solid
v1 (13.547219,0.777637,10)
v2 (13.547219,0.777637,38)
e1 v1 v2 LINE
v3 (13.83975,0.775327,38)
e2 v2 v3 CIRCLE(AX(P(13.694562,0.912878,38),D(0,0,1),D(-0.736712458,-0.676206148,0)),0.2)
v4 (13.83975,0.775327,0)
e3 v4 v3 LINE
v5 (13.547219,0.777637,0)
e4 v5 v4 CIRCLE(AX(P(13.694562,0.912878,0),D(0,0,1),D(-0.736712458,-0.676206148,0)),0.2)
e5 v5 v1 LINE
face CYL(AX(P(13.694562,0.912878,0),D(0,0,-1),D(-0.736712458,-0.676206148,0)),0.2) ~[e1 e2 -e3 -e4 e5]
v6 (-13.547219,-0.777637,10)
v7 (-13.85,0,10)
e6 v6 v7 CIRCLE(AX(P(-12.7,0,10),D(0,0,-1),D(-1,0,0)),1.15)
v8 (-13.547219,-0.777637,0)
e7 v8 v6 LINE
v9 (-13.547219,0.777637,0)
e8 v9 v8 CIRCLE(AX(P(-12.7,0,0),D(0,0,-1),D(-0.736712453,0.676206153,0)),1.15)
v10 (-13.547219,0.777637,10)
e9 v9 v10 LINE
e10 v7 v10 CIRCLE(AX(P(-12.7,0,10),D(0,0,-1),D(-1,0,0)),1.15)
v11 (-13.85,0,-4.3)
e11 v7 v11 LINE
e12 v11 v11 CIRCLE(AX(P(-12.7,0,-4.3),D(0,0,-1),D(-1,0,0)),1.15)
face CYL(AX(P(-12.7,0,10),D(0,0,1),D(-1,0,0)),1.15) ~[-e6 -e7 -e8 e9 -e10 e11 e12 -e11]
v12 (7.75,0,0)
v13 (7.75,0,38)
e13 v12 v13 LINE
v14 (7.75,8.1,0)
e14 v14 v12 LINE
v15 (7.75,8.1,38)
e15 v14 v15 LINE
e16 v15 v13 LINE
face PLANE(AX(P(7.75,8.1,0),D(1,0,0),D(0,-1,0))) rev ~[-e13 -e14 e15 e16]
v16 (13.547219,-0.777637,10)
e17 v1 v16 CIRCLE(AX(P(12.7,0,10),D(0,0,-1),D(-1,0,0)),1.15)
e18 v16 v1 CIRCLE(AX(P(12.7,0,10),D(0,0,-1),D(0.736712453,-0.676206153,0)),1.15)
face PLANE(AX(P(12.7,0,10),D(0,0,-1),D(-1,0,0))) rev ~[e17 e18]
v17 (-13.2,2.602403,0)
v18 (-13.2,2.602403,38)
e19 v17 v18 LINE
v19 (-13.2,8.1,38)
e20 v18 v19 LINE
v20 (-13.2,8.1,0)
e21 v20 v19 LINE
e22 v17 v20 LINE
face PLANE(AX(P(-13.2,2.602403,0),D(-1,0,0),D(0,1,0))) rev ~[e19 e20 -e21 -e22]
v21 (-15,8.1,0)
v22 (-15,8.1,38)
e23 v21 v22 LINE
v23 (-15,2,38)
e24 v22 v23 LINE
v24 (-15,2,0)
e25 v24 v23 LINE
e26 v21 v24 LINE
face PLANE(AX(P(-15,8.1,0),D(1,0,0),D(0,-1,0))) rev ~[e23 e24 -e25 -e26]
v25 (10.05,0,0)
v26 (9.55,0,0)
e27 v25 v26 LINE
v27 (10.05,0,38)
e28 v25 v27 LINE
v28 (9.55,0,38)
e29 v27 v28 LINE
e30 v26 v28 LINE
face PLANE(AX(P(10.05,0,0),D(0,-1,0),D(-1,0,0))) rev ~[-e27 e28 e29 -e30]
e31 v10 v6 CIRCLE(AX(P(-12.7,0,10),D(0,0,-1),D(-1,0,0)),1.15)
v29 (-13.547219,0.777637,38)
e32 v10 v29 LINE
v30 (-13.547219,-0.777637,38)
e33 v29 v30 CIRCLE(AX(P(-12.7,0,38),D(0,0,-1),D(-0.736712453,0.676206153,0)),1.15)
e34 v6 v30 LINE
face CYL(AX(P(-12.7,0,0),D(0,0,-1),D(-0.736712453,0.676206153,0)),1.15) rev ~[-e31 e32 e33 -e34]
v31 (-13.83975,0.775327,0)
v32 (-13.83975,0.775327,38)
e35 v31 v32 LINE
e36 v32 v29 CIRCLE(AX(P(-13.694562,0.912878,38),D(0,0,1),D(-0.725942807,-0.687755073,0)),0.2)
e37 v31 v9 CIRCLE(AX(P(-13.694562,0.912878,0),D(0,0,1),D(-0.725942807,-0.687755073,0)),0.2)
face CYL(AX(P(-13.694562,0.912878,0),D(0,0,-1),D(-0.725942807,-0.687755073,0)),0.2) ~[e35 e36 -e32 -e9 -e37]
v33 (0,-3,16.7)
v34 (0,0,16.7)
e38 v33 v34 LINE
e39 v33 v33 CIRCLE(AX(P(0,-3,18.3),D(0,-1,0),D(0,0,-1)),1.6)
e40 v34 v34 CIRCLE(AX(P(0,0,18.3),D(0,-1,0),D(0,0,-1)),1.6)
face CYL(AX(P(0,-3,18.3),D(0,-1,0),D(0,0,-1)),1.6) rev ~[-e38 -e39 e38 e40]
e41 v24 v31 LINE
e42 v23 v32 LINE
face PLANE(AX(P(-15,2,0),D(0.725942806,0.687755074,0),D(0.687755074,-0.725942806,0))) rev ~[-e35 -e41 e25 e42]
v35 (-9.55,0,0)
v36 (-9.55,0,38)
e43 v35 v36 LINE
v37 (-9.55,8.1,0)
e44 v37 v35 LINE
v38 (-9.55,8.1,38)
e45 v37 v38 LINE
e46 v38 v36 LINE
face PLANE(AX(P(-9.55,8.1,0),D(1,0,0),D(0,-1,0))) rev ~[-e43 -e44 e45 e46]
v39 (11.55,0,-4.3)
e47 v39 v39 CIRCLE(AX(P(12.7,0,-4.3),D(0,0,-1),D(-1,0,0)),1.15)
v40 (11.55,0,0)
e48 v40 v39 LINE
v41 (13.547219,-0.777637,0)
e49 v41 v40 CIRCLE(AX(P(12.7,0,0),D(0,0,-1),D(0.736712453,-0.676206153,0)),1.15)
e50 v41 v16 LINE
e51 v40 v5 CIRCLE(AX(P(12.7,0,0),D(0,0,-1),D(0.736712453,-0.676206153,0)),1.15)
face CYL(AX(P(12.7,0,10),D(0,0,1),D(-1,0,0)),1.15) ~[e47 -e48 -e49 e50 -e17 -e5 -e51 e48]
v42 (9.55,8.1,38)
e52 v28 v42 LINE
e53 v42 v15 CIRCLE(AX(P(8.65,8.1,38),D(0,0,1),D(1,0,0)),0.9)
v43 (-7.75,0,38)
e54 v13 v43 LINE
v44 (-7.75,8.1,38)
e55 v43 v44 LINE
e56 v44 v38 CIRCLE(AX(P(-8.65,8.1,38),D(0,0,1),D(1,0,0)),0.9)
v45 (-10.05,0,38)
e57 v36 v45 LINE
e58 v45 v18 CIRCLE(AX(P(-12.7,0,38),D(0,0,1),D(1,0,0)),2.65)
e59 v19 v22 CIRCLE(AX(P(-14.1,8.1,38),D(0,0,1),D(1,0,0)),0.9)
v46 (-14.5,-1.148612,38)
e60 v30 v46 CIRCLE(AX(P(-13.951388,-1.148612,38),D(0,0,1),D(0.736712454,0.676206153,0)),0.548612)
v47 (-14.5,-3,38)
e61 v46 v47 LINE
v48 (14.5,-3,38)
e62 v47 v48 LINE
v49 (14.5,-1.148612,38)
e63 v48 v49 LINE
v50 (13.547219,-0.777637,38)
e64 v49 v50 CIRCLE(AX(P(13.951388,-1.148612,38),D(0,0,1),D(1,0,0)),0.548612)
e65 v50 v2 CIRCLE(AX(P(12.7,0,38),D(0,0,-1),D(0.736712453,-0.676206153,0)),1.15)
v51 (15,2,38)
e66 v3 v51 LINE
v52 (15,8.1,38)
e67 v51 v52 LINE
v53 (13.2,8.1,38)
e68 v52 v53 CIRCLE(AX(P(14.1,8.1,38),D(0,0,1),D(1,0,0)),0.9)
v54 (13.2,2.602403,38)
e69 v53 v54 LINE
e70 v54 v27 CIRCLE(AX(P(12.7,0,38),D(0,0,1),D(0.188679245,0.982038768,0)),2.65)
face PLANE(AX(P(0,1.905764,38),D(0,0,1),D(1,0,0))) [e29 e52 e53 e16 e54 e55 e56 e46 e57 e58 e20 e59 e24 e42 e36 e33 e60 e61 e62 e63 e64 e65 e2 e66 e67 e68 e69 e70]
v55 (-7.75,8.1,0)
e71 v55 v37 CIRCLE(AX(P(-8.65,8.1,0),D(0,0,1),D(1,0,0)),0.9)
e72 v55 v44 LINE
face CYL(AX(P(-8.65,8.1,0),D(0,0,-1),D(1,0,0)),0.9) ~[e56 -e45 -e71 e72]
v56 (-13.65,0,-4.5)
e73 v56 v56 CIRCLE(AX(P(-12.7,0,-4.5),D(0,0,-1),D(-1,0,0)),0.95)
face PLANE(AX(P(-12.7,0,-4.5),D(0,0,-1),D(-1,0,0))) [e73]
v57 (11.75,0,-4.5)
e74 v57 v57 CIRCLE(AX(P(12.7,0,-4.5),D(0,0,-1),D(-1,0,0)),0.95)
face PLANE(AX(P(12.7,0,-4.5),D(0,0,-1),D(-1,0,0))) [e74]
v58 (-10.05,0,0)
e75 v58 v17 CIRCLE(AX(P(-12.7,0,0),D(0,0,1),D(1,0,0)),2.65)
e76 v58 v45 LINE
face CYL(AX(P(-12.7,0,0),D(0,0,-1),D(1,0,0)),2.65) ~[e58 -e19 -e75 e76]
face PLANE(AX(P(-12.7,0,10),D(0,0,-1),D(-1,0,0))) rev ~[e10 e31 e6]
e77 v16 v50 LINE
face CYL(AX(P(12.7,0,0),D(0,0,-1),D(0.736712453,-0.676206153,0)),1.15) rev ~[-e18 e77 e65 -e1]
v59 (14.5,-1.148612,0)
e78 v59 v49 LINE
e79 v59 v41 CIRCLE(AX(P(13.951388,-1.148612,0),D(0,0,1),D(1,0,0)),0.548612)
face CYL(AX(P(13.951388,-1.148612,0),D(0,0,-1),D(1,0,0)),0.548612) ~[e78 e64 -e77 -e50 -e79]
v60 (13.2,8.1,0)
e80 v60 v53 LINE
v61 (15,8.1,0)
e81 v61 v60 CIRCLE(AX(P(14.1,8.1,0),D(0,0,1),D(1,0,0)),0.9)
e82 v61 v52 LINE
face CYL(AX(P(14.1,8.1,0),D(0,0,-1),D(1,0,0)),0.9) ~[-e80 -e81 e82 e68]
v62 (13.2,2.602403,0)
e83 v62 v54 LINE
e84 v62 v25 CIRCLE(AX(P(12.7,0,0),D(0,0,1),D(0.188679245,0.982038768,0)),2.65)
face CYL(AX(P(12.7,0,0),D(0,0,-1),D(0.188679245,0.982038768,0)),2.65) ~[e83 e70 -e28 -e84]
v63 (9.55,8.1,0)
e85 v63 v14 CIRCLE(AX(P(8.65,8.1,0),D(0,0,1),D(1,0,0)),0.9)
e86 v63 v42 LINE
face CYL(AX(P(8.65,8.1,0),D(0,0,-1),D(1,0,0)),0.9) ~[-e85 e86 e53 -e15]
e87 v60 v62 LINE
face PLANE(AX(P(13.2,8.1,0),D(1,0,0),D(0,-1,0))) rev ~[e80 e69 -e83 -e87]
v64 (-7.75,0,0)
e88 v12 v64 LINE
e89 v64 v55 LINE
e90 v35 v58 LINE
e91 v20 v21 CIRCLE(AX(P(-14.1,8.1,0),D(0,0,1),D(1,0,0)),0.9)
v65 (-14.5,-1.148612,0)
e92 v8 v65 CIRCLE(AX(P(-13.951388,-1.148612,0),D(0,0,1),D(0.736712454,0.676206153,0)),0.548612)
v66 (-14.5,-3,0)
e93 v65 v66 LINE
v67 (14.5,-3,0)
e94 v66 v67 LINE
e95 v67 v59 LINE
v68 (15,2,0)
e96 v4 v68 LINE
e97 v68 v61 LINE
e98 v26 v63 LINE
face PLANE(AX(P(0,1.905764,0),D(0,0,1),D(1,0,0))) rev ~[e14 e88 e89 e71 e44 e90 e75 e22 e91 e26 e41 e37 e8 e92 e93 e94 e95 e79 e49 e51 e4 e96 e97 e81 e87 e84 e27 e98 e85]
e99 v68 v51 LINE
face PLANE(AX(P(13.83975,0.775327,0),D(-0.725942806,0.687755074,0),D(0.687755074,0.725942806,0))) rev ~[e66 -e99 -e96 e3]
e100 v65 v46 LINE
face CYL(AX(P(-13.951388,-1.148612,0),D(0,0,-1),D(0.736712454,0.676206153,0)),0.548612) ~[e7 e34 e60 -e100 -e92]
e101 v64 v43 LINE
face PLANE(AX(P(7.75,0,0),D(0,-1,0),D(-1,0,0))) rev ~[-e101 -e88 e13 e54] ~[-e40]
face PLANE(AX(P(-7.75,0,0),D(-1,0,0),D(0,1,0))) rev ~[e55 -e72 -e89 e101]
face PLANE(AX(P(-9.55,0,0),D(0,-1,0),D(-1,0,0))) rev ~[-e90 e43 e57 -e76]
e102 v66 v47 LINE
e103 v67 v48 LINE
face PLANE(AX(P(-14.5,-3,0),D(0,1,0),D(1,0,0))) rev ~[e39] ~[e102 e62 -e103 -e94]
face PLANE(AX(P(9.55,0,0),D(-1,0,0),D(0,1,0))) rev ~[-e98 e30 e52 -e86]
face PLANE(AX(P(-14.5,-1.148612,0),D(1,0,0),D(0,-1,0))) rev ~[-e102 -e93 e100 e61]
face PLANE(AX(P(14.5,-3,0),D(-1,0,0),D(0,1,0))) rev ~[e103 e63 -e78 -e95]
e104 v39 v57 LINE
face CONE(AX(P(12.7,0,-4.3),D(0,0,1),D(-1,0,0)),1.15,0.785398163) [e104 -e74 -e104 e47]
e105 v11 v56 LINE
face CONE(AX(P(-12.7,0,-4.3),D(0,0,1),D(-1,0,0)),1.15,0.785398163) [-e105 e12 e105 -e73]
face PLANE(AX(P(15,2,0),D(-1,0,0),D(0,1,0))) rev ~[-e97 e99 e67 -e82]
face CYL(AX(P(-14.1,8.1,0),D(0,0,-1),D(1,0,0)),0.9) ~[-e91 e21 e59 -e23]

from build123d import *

# Parameters (mm, degrees)
EXTRUDE_1_DEPTH      = 38
CUT_EXTRUDE_1_REACH  = 44.579
SKETCH_2_R           = 1.6
EXTRUDE_2_DEPTH      = 4.5
EXTRUDE_2_DEPTH_BACK = 10
SKETCH_3_R           = 1.15
CHAMFER_1_SIZE       = 0.2


with BuildPart() as part:
    # Эскиз1 → Бобышка-Вытянуть1 (new body)
    with BuildSketch(Plane.XY):
        with BuildLine():
            Line((-14.5, -3), (14.5, -3))
            Line((14.5, -3), (14.5, -1.148611647))
            ThreePointArc((14.5, -1.148611647), (14.150439729, -0.637384409), (13.547219321, -0.777637076))
            ThreePointArc((13.547219321, -0.777637076), (11.55, 0), (13.547219321, 0.777637076))
            ThreePointArc((13.547219321, 0.777637076), (13.692982689, 0.71288454), (13.839750373, 0.775327291))
            Line((13.839750373, 0.775327291), (15, 2))
            Line((15, 2), (15, 8.1))
            ThreePointArc((15, 8.1), (14.1, 9), (13.2, 8.1))
            Line((13.2, 8.1), (13.2, 2.602402736))
            ThreePointArc((13.2, 2.602402736), (11.012175957, 2.042975771), (10.05, 0))
            Line((10.05, 0), (9.55, 0))
            Line((9.55, 0), (9.55, 8.1))
            ThreePointArc((9.55, 8.1), (8.65, 9), (7.75, 8.1))
            Line((7.75, 8.1), (7.75, 0))
            Line((7.75, 0), (-7.75, 0))
            Line((-7.75, 0), (-7.75, 8.1))
            ThreePointArc((-7.75, 8.1), (-8.65, 9), (-9.55, 8.1))
            Line((-9.55, 8.1), (-9.55, 0))
            Line((-9.55, 0), (-10.05, 0))
            ThreePointArc((-10.05, 0), (-11.012175957, 2.042975771), (-13.2, 2.602402736))
            Line((-13.2, 2.602402736), (-13.2, 8.1))
            ThreePointArc((-13.2, 8.1), (-14.1, 9), (-15, 8.1))
            Line((-15, 8.1), (-15, 2))
            Line((-15, 2), (-13.839750373, 0.775327291))
            ThreePointArc((-13.839750373, 0.775327291), (-13.692982689, 0.71288454), (-13.547219321, 0.777637076))
            ThreePointArc((-13.547219321, 0.777637076), (-11.55, 0), (-13.547219321, -0.777637076))
            ThreePointArc((-13.547219321, -0.777637076), (-14.150439729, -0.637384409), (-14.5, -1.148611647))
            Line((-14.5, -1.148611647), (-14.5, -3))
        make_face()
    extrude(amount=EXTRUDE_1_DEPTH)

    # Эскиз2 → Вырез-Вытянуть1 (cut, up to next)
    with BuildSketch(Plane.XZ.offset(3), mode=Mode.PRIVATE) as cut_extrude_1_sk1:
        with Locations(Location((0, 18.3, 0), (0, 0, 270))):
            Circle(SKETCH_2_R)
    cut_extrude_1_tool1 = extrude(cut_extrude_1_sk1.sketch, amount=-CUT_EXTRUDE_1_REACH, mode=Mode.PRIVATE) & part.part
    add(cut_extrude_1_tool1.solids().sort_by_distance((0, -3, 18.3))[0], mode=Mode.SUBTRACT)

    # Эскиз3 → Бобышка-Вытянуть2 (add, two sides: drawn at the far end of the back side and taken through both)
    with BuildSketch(Plane(origin=(0, 0, 0), x_dir=(-1, 0, 0), z_dir=(0, 0, -1)).offset(-EXTRUDE_2_DEPTH_BACK)):
        with Locations((12.7, 0)):
            Circle(SKETCH_3_R)
        with Locations((-12.7, 0)):
            Circle(SKETCH_3_R)
    extrude(amount=EXTRUDE_2_DEPTH + EXTRUDE_2_DEPTH_BACK)

    # Фаска1
    chamfer_1_edges = [part.edges().sort_by_distance(p)[0] for p in [
        (-11.55, 0, -4.5),
        (13.85, 0, -4.5),
    ]]
    chamfer(chamfer_1_edges, length=CHAMFER_1_SIZE)


solid = part.part
